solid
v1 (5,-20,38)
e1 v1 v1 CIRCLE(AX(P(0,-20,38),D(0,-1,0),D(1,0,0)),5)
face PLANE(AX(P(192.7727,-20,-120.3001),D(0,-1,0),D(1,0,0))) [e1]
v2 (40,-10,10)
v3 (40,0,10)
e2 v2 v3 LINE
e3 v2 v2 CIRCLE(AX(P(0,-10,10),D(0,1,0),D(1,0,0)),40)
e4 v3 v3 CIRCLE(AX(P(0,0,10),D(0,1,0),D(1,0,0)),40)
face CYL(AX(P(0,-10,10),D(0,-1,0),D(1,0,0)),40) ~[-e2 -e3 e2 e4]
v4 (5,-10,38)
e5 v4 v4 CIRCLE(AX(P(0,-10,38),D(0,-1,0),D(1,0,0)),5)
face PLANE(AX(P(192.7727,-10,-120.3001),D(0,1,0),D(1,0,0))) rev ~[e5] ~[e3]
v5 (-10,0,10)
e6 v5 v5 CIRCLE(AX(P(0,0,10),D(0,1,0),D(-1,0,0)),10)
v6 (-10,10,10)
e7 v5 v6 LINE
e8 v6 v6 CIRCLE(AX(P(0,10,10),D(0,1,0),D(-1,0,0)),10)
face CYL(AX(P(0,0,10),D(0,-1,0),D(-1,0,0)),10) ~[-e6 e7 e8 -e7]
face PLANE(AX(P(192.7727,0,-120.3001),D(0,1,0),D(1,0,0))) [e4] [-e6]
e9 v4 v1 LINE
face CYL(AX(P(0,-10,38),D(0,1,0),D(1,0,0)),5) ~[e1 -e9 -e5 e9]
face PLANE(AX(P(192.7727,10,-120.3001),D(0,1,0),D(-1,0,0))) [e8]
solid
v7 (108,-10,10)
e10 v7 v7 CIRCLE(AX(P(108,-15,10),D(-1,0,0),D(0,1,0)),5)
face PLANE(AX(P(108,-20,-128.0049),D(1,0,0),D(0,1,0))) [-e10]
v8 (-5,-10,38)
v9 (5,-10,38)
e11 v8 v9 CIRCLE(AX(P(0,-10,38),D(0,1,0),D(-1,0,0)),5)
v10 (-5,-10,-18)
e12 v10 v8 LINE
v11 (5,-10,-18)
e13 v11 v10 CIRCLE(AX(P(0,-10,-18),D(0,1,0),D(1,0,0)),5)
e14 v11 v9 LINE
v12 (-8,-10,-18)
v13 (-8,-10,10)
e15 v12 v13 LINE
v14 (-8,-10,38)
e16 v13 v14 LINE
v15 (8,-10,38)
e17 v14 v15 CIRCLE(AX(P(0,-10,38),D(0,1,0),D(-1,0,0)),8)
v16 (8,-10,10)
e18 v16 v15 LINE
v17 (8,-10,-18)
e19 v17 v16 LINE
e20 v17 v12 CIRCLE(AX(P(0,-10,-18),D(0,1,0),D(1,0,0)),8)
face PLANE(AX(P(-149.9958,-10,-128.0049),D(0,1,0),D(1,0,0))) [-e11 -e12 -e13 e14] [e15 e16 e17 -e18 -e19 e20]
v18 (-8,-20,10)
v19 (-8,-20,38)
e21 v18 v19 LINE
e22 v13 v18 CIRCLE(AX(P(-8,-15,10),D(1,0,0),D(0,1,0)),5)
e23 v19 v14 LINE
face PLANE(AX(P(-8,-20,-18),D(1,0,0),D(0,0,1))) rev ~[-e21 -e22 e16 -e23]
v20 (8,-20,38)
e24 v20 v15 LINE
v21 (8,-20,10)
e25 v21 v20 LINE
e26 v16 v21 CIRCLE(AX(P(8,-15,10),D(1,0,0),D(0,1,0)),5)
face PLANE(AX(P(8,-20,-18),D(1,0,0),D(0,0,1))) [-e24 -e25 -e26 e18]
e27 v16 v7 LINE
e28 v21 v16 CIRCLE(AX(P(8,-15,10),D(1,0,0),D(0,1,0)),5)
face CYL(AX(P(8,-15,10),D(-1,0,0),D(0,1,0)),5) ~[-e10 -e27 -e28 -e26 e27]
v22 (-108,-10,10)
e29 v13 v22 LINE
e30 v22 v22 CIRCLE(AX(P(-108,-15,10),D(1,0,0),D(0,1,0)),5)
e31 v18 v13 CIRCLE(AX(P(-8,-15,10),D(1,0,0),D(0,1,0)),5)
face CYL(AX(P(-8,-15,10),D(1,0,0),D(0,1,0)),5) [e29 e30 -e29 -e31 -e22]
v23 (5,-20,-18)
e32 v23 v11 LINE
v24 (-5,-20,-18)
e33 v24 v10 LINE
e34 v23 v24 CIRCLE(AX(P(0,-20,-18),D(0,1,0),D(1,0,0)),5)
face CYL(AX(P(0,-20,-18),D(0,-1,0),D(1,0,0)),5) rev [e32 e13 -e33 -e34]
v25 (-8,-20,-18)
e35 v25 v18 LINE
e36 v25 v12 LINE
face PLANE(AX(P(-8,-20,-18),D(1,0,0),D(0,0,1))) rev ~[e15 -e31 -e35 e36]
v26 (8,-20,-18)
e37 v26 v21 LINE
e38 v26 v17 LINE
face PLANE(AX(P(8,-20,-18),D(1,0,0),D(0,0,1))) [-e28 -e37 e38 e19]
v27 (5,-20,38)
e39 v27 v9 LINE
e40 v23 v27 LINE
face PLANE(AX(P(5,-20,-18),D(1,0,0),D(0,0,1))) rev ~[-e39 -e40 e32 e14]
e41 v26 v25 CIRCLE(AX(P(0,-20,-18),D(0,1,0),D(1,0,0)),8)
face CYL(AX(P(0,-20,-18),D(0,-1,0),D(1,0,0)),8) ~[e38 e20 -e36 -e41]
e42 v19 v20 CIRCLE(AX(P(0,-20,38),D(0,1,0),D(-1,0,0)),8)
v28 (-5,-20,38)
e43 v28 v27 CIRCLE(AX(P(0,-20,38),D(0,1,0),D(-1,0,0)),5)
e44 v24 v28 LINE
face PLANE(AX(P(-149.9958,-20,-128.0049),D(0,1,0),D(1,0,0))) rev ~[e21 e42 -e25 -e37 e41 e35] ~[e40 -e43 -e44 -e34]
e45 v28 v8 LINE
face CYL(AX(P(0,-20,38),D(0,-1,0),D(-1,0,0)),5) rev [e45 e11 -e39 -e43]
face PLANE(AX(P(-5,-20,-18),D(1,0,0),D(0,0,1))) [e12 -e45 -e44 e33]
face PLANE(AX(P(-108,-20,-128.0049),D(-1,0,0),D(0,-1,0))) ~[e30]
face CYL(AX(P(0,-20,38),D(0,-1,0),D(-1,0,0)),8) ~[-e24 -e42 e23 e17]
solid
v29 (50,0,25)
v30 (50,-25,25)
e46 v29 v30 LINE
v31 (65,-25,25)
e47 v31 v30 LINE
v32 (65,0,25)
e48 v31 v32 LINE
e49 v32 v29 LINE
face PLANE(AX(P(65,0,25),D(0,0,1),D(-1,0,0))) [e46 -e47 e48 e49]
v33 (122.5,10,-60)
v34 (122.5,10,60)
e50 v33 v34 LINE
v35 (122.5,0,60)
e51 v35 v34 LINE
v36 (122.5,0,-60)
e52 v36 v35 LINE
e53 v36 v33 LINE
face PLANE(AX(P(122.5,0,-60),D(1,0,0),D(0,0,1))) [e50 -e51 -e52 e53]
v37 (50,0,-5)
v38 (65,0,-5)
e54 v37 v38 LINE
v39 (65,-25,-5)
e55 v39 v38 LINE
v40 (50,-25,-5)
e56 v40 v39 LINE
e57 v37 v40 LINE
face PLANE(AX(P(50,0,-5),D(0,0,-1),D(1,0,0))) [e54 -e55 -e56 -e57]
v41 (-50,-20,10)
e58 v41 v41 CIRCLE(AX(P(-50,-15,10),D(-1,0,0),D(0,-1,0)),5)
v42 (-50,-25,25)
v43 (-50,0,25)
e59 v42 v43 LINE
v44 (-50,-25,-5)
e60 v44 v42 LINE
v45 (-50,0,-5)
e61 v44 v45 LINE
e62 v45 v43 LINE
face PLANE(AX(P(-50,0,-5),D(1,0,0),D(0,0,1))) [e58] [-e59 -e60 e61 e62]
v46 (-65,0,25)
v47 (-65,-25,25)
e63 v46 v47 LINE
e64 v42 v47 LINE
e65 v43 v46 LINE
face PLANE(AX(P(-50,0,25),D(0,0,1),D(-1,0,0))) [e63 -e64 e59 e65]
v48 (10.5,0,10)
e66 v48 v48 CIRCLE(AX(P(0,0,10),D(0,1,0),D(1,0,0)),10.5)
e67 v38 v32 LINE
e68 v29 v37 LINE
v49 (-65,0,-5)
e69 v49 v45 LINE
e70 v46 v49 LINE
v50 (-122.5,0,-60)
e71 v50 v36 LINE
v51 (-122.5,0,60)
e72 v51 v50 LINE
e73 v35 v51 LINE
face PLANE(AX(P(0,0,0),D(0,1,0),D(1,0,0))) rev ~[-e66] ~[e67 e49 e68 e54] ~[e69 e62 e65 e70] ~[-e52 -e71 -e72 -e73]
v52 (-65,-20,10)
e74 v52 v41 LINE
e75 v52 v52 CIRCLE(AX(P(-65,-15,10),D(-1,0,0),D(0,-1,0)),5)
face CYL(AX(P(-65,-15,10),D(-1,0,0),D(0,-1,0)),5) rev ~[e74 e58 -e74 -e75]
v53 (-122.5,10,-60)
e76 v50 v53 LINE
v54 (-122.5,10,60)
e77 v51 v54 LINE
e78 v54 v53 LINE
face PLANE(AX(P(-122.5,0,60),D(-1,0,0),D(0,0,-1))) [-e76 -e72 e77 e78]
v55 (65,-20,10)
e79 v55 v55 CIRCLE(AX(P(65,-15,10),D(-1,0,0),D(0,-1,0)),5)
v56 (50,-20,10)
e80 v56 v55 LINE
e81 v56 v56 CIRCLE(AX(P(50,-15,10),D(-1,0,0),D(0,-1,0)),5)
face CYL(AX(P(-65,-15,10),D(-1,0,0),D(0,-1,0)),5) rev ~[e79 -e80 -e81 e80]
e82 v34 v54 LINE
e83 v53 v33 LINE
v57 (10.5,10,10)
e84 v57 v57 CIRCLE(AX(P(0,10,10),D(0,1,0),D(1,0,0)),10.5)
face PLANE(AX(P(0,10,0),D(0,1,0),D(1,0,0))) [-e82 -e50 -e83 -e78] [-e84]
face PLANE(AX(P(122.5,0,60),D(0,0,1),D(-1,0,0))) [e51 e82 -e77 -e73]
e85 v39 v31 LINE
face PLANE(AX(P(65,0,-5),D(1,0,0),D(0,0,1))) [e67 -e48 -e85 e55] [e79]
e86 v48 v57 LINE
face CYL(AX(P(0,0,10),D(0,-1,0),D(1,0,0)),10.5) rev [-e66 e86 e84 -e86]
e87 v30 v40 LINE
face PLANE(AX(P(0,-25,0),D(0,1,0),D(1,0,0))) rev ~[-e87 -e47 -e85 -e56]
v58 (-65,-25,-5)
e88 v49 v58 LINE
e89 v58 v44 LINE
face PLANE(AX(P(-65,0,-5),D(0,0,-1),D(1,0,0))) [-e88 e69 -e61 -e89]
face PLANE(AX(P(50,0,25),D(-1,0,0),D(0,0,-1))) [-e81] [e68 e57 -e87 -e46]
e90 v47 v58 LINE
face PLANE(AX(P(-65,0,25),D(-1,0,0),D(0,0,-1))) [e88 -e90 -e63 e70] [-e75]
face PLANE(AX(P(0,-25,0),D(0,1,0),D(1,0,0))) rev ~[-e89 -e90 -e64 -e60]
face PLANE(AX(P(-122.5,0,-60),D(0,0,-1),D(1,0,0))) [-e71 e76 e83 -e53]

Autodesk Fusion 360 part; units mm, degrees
sketch "Sketch1" plane through (0, 0, 0) normal (0, 1, 0) x (1, 0, 0)
  line L0 (122.5, -60) -> (-122.5, -60)
  line L1 (-122.5, -60) -> (-122.5, 60)
  line L2 (-122.5, 60) -> (122.5, 60)
  line L3 (122.5, 60) -> (122.5, -60)
  line L4 (122.5, -60) -> (-122.5, 60) construction
  line L5 (-122.5, -60) -> (122.5, 60) construction
  line L6 (-50, -25) -> (-65, -25)
  line L7 (-65, -25) -> (-65, 5)
  line L8 (-65, 5) -> (-50, 5)
  line L9 (-50, 5) -> (-50, -25)
  line L10 (-50, -25) -> (-65, 5) construction
  line L11 (-65, -25) -> (-50, 5) construction
  line L12 (65, -25) -> (50, -25)
  line L13 (50, -25) -> (50, 5)
  line L14 (50, 5) -> (65, 5)
  line L15 (65, 5) -> (65, -25)
  line L16 (65, -25) -> (50, 5) construction
  line L17 (50, -25) -> (65, 5) construction
  circle A0 centre (0, -10) radius 10.5
  point P0 (-57.5, -10)
  point P1 (57.5, -10)
  dimension "d1" = 245
  dimension "d2" = 120
  dimension "d3" = 15
  dimension "d4" = 30
  dimension "d5" = 15
  dimension "d6" = 30
  dimension "d7" = 55
  dimension "d8" = 30
  dimension "d9" = 100
  dimension "d10" = 50
  dimension "d11" = 21
  dimension "d12" = 21
  dimension "d13" = 10
extrude "Extrude1" add sketch "Sketch1" along normal blind 10 makes body 1
extrude "Extrude2" add sketch "Sketch1" along normal blind 10 and the other way blind 25 contours L6 L7 L8 L9 | L12 L13 L14 L15 bodies 1
sketch "Sketch2" plane through (-65, 0, 0) normal (-1, 0, 0) x (0, -1, 0)
  line L0 (0, 25) -> (0, -5)
  line L1 (0, -5) -> (25, -5)
  line L2 (25, -5) -> (25, 25)
  line L3 (25, 25) -> (0, 25)
  circle A0 centre (15, 10) radius 5
  line L4 (0, 60) -> (0, -60)
  dimension "d20" = 10
  dimension "d21" = 15
  dimension "d22" = 15
extrude "Extrude3" cut sketch "Sketch2" against normal through all contours A0 bodies 1
copy_body "Body->Comp1" bodies 1 removing the originals makes body 2 in component "Base"
sketch "Sketch3" plane through (0, 0, 0) normal (0, 1, 0) x (1, 0, 0)
  line L0 (144.9958, -110.0049) -> (144.9958, -166.0049)
  line L1 (154.9958, -110.0049) -> (154.9958, -166.0049)
  arc A0 (144.9958, -166.0049) -> (154.9958, -166.0049) centre (149.9958, -166.0049) ccw
  arc A1 (154.9958, -110.0049) -> (144.9958, -110.0049) centre (149.9958, -110.0049) ccw
  arc A2 (141.9958, -166.0049) -> (157.9958, -166.0049) centre (149.9958, -166.0049) ccw
  line L2 (157.9958, -110.0049) -> (157.9958, -166.0049)
  arc A3 (157.9958, -110.0049) -> (141.9958, -110.0049) centre (149.9958, -110.0049) ccw
  line L3 (141.9958, -110.0049) -> (141.9958, -166.0049)
  dimension "d24" = 10
  dimension "d25" = 10
  dimension "d26" = 56
  dimension "d27" = -3
extrude "Extrude4" add sketch "Sketch3" along normal blind 10 separate body makes body 3
sketch "Sketch4" plane through (157.9958, 0, 0) normal (1, 0, 0) x (0, 1, 0)
  line L0 (0, 166.0049) -> (0, 110.0049)
  line L1 (0, 110.0049) -> (10, 110.0049)
  line L2 (10, 110.0049) -> (10, 166.0049)
  line L3 (10, 166.0049) -> (0, 166.0049)
  circle A0 centre (5, 138.0049) radius 5
  dimension "d30" = 10
  dimension "d31" = 28
  dimension "d32" = 5
extrude "Extrude5" add sketch "Sketch4" along normal blind 100 contours A0 bodies 3
ref_plane "WorkPlane1" through (149.9958, 5, 138.0049) normal (1, 0, 0) x (0, 0, -1)
mirror "Mirror1" about plane through (149.9958, 5, 138.0049) normal (1, 0, 0) of "Extrude5"
copy_body "Body->Comp2" bodies 3 removing the originals makes body 4 in component "Sliding Pair"
sketch "Sketch5" plane through (0, 0, 0) normal (0, 1, 0) x (1, 0, 0)
  circle A0 centre (-192.7727, -130.3001) radius 40
  dimension "d37" = 80
extrude "Extrude6" add sketch "Sketch5" along normal blind 10 separate body makes body 5
sketch "Sketch6" plane through (0, 0, 0) normal (0, -1, 0) x (1, 0, 0)
  circle A0 centre (-192.7727, 130.3001) radius 40
  circle A1 centre (-192.7727, 158.3001) radius 5
  dimension "d40" = 10
  dimension "d41" = 28
extrude "Extrude7" add sketch "Sketch6" along normal blind 10 contours A1 bodies 5
sketch "Sketch7" plane through (0, 10, 0) normal (0, 1, 0) x (-1, 0, 0)
  circle A0 centre (192.7727, 130.3001) radius 40
  circle A1 centre (192.7727, 130.3001) radius 10
  dimension "d44" = 20
extrude "Extrude8" add sketch "Sketch7" along normal blind 10 contours A1 bodies 5
copy_body "Body->Comp3" bodies 5 removing the originals makes body 6 in component "Component"
component "Base" placed x (1, 0, 0) y (0, 1, 0) z (0, 0, 1) at (0, 0, 0)
component "Sliding Pair" placed x (1, 0, 0) y (0, 1, 0) z (0, 0, 1) at (-149.9958, -20, -128.0049)
component "Component" placed x (1, 0, 0) y (0, 1, 0) z (0, 0, 1) at (192.7727, -10, -120.3001)
equation "d7 = 120 mm - 35 mm - 30 mm"
